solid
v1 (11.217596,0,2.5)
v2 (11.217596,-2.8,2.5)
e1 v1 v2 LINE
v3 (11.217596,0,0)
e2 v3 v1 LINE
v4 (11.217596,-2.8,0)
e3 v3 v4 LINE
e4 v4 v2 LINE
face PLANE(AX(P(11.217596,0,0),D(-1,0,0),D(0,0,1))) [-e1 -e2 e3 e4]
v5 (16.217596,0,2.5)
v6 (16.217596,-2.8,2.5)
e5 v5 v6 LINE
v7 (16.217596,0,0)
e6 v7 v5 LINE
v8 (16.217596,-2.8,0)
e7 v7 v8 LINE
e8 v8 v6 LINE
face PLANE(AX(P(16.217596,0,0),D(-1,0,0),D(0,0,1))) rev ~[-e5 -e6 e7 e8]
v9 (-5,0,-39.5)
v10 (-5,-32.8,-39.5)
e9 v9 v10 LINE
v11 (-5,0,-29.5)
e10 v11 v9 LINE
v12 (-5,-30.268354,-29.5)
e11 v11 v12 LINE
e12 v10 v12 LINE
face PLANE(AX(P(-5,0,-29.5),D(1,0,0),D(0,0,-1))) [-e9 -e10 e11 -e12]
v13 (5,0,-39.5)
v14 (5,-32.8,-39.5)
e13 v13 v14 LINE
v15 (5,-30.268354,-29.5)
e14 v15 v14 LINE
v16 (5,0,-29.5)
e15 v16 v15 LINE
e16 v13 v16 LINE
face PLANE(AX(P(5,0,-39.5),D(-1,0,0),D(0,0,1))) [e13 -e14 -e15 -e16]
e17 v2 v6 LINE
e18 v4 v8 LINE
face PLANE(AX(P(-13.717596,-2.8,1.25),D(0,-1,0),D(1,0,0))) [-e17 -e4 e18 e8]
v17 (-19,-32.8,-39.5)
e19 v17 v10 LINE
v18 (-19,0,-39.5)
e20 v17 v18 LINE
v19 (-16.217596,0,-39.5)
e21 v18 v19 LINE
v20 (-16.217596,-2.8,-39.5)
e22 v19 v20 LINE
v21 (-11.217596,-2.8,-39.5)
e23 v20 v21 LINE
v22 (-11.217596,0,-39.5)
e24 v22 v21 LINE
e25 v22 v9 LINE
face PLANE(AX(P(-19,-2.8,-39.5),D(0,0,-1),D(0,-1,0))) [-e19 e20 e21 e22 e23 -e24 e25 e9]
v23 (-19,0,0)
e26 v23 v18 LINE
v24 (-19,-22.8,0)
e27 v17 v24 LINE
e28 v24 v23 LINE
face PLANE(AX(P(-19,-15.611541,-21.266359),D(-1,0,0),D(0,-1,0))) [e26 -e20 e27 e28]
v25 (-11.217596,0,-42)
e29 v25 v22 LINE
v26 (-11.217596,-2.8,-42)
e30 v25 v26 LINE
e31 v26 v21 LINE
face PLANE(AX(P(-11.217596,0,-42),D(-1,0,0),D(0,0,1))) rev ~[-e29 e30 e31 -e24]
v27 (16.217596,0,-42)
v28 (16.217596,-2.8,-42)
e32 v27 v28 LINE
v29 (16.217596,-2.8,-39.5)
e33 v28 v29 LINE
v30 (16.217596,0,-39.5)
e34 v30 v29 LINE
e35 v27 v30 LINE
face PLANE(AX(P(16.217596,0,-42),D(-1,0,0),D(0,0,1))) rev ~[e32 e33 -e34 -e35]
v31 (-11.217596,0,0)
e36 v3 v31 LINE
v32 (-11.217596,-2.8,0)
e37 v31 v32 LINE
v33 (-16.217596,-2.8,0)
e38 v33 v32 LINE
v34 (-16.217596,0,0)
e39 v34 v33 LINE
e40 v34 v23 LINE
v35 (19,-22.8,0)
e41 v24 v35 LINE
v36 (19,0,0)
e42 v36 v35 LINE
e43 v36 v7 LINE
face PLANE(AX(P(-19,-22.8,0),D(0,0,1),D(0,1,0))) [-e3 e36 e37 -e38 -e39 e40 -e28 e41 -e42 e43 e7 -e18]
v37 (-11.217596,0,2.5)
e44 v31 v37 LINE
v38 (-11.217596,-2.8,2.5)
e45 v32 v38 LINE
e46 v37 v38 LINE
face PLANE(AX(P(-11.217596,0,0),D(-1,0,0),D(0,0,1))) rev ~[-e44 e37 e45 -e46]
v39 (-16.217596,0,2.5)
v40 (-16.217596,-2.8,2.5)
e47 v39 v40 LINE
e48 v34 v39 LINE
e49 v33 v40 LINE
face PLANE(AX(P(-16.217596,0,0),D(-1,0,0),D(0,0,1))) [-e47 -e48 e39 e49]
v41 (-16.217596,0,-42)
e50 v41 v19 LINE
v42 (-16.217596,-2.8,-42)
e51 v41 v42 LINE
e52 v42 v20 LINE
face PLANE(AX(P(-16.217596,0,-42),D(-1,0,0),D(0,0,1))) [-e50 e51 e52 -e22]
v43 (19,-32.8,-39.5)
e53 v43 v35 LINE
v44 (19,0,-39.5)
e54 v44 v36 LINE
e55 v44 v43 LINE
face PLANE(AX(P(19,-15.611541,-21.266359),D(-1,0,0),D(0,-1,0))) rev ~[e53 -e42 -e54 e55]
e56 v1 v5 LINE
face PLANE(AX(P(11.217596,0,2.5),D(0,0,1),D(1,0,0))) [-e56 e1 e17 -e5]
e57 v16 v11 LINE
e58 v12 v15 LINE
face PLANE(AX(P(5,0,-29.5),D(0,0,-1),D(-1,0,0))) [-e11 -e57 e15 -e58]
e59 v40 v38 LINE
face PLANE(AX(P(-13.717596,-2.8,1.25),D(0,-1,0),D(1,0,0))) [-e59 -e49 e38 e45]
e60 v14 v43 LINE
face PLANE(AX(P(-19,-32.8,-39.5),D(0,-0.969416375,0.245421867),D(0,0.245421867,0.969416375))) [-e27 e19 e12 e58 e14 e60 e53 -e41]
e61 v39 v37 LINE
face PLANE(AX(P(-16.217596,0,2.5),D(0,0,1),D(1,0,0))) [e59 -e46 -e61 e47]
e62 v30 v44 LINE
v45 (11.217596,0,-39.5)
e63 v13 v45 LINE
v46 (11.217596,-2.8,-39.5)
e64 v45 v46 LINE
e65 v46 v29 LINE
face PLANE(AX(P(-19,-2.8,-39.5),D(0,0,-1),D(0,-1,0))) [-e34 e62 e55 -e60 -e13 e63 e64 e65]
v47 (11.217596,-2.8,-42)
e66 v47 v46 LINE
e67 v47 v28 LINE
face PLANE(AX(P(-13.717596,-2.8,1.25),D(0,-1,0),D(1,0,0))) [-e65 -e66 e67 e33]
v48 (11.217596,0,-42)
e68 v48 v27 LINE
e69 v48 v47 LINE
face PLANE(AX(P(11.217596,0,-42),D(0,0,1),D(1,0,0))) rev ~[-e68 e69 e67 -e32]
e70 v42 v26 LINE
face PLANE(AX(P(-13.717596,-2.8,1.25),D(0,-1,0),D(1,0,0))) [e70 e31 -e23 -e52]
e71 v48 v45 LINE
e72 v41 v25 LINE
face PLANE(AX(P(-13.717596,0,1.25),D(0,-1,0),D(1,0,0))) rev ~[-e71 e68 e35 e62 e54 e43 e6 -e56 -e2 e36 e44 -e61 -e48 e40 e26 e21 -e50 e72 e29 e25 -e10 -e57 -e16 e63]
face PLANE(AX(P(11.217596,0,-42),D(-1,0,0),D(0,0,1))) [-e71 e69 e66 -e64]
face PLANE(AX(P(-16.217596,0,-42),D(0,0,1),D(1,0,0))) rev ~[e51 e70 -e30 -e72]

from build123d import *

# Parameters (mm, degrees)
F0_W     = 5
F0_H     = 2.5
F1_DEPTH = 2.8
F3_DEPTH = 38
F5_DEPTH = 40


with BuildPart() as f1:
    # F0 (on Front) → F1 (new body)
    with BuildSketch(Plane.XZ):
        with Locations((-13.717596, 1.25)):
            Rectangle(F0_W, F0_H)
        with Locations((13.717596, 1.25)):
            Rectangle(F0_W, F0_H)
        with Locations((-13.717596, -40.75)):
            Rectangle(F0_W, F0_H)
        with Locations((13.717596, -40.75)):
            Rectangle(F0_W, F0_H)
        Polygon((11.217596, 0), (0, 0), (-11.217596, 0), (-16.217596, 0), (-19, 0), (-19, -39.5), (-16.217596, -39.5), (-11.217596, -39.5), (0, -39.5), (11.217596, -39.5), (16.217596, -39.5), (19, -39.5), (19, 0), (16.217596, 0), align=None)
    extrude(amount=F1_DEPTH)

    # F2 (on face) → F3 (join)
    with BuildSketch(Plane(origin=(-19, 0, 0), x_dir=(0, -1, 0), z_dir=(-1, 0, 0))):
        Polygon((2.8, 0), (2.8, -39.5), (32.8, -39.5), (22.8, 0), align=None)
    extrude(amount=-F3_DEPTH)

    # F4 (on face) → F5 (cut)
    with BuildSketch(Plane.XZ):
        Polygon((-5, -29.5), (-5, -39.5), (0, -39.5), (5, -39.5), (5, -29.5), align=None)
    extrude(amount=F5_DEPTH, mode=Mode.SUBTRACT)


solid = f1.part
